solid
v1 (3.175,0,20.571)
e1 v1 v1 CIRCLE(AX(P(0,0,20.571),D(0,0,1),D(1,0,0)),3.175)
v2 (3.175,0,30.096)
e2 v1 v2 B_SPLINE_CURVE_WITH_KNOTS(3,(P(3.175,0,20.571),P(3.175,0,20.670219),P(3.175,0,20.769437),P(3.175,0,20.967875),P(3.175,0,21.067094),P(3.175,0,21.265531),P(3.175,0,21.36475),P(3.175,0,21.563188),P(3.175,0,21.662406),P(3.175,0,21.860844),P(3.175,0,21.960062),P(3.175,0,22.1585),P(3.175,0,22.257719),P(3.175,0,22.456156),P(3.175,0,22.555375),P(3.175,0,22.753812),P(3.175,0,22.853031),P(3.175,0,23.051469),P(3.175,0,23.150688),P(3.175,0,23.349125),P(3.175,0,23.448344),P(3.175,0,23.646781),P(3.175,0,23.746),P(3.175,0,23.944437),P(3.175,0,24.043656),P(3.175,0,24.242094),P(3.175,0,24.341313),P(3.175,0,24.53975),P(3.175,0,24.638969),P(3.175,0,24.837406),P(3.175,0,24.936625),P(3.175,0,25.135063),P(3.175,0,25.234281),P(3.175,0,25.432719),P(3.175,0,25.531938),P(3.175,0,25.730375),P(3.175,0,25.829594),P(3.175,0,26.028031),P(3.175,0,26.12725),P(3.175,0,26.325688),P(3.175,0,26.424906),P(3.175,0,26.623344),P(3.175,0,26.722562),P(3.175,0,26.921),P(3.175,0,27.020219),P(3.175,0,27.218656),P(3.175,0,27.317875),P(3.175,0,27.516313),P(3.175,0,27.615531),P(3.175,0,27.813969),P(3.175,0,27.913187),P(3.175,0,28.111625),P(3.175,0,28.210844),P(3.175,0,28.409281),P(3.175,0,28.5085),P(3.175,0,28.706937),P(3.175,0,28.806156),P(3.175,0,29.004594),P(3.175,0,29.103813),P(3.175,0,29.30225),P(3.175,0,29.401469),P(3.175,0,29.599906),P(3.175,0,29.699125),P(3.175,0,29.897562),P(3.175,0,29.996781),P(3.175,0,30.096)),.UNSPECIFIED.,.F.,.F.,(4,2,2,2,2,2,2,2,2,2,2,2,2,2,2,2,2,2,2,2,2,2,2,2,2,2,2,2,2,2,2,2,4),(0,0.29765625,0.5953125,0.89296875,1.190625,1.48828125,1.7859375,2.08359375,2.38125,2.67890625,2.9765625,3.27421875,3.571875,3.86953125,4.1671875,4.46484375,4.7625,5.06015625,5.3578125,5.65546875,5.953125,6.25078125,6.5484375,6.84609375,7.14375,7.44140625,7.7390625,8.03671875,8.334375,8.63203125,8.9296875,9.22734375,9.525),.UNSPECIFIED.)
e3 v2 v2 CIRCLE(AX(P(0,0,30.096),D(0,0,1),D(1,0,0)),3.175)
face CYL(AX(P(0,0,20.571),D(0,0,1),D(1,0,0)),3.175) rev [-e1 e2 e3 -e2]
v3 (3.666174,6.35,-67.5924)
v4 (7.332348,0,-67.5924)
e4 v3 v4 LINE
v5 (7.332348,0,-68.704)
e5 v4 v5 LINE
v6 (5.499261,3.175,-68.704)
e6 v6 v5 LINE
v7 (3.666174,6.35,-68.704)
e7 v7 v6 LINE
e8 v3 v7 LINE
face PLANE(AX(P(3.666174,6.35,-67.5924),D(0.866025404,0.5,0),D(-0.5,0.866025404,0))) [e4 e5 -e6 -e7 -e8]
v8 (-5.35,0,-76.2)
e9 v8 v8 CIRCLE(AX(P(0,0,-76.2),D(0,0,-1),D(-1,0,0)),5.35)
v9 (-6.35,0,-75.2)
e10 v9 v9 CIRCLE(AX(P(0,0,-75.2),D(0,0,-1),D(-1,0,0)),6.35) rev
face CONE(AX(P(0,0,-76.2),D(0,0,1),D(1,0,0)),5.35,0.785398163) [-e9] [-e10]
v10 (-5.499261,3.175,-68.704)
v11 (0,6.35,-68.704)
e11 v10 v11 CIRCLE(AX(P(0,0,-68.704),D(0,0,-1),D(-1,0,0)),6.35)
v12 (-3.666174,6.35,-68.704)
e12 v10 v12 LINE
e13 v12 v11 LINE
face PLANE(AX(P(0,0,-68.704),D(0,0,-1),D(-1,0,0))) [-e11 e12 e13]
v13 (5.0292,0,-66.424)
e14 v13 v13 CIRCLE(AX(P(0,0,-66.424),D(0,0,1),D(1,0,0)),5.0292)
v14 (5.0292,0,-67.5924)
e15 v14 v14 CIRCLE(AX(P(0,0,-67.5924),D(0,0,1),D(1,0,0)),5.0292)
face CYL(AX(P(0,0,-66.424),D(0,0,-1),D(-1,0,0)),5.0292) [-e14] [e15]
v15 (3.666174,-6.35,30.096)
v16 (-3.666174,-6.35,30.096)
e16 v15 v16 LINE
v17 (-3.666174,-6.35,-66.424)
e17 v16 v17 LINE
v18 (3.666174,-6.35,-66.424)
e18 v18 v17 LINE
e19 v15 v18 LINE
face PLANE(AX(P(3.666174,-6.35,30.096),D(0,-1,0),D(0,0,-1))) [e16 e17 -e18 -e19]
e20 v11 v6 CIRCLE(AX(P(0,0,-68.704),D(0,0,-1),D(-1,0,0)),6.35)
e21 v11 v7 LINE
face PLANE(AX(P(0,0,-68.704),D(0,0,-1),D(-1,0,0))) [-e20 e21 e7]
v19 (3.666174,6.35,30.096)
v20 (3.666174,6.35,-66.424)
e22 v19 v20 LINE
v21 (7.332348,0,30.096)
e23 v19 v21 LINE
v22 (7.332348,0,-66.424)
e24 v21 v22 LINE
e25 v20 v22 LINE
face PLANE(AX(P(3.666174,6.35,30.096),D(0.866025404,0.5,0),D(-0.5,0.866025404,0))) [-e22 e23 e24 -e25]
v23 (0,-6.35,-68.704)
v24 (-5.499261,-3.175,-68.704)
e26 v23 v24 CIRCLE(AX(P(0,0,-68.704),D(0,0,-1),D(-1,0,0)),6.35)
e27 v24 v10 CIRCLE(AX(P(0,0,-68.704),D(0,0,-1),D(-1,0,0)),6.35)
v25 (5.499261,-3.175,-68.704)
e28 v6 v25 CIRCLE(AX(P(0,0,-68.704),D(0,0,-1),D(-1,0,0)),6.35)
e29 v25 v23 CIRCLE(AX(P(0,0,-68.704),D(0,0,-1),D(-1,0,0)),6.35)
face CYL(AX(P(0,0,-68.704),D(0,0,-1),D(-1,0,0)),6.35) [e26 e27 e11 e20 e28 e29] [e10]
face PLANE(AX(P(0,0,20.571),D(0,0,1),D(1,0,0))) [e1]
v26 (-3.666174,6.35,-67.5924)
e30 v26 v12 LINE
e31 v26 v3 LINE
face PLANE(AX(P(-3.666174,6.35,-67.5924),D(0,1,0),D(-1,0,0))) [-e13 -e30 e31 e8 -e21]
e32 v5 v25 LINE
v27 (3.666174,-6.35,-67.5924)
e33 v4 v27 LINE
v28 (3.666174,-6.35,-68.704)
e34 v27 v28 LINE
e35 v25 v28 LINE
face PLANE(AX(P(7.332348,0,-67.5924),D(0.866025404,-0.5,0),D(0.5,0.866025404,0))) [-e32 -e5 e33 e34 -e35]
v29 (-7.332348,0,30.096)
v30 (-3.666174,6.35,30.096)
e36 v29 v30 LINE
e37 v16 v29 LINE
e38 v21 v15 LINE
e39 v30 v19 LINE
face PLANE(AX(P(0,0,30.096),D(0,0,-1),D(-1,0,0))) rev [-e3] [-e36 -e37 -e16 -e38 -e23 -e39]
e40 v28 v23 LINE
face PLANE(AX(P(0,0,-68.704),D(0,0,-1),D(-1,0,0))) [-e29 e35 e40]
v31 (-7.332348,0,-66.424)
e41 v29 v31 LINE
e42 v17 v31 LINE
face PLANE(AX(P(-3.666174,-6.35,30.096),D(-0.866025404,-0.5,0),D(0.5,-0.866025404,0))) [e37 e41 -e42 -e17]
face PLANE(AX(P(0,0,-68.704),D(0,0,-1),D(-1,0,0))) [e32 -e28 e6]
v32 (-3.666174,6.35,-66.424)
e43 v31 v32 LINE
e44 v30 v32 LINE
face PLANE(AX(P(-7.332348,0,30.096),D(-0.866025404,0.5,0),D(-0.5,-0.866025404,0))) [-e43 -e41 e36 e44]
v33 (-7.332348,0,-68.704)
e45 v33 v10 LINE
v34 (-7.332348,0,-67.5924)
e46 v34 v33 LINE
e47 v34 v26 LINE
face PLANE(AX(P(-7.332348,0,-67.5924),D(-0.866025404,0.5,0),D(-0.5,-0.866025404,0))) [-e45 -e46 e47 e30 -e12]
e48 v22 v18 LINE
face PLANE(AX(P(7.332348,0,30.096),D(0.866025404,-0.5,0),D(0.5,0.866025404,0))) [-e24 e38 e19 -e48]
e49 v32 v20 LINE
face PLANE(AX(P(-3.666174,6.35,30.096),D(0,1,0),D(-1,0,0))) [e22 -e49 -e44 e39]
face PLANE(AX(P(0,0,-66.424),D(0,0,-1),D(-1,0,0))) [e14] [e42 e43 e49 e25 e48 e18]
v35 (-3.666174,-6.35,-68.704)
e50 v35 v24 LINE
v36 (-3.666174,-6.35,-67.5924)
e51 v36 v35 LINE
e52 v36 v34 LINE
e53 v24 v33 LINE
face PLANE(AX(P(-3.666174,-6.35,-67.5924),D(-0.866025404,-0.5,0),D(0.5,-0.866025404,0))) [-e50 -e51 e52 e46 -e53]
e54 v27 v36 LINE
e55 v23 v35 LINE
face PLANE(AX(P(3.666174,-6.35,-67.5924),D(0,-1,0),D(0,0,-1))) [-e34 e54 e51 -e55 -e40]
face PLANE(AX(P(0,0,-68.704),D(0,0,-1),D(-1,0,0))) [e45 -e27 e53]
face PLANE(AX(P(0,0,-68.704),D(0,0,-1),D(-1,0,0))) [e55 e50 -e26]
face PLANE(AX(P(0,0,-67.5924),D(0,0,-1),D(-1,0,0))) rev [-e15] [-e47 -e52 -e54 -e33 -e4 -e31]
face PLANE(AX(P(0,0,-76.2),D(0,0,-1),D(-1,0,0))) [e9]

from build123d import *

# Parameters (mm, degrees)
BOSS_EXTRUDE1_DEPTH = 1.1116
SKETCH2_R           = 5.0292
BOSS_EXTRUDE2_DEPTH = 1.1684
BOSS_EXTRUDE3_DEPTH = 96.52
SKETCH4_W           = 6.35
SKETCH4_H           = 7.496
CHAMFER1_SIZE       = 1
SKETCH5_R           = 3.175
CUT_EXTRUDE1_DEPTH  = 9.525


with BuildPart() as part:
    # Sketch1 → Boss-Extrude1 (new body)
    with BuildSketch(Plane(origin=(0, 0, -68.704), x_dir=(-1, 0, 0), z_dir=(0, 0, -1))):
        Polygon((-3.666174209, 6.35), (-7.332348419, 0), (-3.666174209, -6.35), (3.666174209, -6.35), (7.332348419, 0), (3.666174209, 6.35), align=None)
    extrude(amount=-BOSS_EXTRUDE1_DEPTH)

    # Sketch2 → Boss-Extrude2 (add)
    with BuildSketch(Plane.XY.offset(-67.5924)):
        Circle(SKETCH2_R)
    extrude(amount=BOSS_EXTRUDE2_DEPTH)

    # Sketch3 → Boss-Extrude3 (add)
    with BuildSketch(Plane(origin=(0, 0, -66.424), x_dir=(-1, 0, 0), z_dir=(0, 0, -1))):
        Polygon((3.666174209, -6.35), (7.332348419, 0), (3.666174209, 6.35), (-3.666174209, 6.35), (-7.332348419, 0), (-3.666174209, -6.35), align=None)
    extrude(amount=-BOSS_EXTRUDE3_DEPTH)

    # Sketch4 → Revolve1 (revolve)
    with BuildSketch(Plane.XZ, mode=Mode.PRIVATE) as revolve1_sk:
        with Locations((3.175, -72.452)):
            Rectangle(SKETCH4_W, SKETCH4_H)
    revolve(revolve1_sk.sketch.rotate(Axis((0, 0, -68.704), (0, 0, -1)), 180), axis=Axis((0, 0, -68.704), (0, 0, -1)))

    # Chamfer1
    chamfer1_edges = [part.edges().sort_by_distance(p)[0] for p in [
        (6.35, 0, -76.2),
    ]]
    chamfer(chamfer1_edges, length=CHAMFER1_SIZE)

    # Sketch5 → Cut-Extrude1 (cut)
    with BuildSketch(Plane.XY.offset(30.096)):
        Circle(SKETCH5_R)
    extrude(amount=-CUT_EXTRUDE1_DEPTH, mode=Mode.SUBTRACT)


solid = part.part
